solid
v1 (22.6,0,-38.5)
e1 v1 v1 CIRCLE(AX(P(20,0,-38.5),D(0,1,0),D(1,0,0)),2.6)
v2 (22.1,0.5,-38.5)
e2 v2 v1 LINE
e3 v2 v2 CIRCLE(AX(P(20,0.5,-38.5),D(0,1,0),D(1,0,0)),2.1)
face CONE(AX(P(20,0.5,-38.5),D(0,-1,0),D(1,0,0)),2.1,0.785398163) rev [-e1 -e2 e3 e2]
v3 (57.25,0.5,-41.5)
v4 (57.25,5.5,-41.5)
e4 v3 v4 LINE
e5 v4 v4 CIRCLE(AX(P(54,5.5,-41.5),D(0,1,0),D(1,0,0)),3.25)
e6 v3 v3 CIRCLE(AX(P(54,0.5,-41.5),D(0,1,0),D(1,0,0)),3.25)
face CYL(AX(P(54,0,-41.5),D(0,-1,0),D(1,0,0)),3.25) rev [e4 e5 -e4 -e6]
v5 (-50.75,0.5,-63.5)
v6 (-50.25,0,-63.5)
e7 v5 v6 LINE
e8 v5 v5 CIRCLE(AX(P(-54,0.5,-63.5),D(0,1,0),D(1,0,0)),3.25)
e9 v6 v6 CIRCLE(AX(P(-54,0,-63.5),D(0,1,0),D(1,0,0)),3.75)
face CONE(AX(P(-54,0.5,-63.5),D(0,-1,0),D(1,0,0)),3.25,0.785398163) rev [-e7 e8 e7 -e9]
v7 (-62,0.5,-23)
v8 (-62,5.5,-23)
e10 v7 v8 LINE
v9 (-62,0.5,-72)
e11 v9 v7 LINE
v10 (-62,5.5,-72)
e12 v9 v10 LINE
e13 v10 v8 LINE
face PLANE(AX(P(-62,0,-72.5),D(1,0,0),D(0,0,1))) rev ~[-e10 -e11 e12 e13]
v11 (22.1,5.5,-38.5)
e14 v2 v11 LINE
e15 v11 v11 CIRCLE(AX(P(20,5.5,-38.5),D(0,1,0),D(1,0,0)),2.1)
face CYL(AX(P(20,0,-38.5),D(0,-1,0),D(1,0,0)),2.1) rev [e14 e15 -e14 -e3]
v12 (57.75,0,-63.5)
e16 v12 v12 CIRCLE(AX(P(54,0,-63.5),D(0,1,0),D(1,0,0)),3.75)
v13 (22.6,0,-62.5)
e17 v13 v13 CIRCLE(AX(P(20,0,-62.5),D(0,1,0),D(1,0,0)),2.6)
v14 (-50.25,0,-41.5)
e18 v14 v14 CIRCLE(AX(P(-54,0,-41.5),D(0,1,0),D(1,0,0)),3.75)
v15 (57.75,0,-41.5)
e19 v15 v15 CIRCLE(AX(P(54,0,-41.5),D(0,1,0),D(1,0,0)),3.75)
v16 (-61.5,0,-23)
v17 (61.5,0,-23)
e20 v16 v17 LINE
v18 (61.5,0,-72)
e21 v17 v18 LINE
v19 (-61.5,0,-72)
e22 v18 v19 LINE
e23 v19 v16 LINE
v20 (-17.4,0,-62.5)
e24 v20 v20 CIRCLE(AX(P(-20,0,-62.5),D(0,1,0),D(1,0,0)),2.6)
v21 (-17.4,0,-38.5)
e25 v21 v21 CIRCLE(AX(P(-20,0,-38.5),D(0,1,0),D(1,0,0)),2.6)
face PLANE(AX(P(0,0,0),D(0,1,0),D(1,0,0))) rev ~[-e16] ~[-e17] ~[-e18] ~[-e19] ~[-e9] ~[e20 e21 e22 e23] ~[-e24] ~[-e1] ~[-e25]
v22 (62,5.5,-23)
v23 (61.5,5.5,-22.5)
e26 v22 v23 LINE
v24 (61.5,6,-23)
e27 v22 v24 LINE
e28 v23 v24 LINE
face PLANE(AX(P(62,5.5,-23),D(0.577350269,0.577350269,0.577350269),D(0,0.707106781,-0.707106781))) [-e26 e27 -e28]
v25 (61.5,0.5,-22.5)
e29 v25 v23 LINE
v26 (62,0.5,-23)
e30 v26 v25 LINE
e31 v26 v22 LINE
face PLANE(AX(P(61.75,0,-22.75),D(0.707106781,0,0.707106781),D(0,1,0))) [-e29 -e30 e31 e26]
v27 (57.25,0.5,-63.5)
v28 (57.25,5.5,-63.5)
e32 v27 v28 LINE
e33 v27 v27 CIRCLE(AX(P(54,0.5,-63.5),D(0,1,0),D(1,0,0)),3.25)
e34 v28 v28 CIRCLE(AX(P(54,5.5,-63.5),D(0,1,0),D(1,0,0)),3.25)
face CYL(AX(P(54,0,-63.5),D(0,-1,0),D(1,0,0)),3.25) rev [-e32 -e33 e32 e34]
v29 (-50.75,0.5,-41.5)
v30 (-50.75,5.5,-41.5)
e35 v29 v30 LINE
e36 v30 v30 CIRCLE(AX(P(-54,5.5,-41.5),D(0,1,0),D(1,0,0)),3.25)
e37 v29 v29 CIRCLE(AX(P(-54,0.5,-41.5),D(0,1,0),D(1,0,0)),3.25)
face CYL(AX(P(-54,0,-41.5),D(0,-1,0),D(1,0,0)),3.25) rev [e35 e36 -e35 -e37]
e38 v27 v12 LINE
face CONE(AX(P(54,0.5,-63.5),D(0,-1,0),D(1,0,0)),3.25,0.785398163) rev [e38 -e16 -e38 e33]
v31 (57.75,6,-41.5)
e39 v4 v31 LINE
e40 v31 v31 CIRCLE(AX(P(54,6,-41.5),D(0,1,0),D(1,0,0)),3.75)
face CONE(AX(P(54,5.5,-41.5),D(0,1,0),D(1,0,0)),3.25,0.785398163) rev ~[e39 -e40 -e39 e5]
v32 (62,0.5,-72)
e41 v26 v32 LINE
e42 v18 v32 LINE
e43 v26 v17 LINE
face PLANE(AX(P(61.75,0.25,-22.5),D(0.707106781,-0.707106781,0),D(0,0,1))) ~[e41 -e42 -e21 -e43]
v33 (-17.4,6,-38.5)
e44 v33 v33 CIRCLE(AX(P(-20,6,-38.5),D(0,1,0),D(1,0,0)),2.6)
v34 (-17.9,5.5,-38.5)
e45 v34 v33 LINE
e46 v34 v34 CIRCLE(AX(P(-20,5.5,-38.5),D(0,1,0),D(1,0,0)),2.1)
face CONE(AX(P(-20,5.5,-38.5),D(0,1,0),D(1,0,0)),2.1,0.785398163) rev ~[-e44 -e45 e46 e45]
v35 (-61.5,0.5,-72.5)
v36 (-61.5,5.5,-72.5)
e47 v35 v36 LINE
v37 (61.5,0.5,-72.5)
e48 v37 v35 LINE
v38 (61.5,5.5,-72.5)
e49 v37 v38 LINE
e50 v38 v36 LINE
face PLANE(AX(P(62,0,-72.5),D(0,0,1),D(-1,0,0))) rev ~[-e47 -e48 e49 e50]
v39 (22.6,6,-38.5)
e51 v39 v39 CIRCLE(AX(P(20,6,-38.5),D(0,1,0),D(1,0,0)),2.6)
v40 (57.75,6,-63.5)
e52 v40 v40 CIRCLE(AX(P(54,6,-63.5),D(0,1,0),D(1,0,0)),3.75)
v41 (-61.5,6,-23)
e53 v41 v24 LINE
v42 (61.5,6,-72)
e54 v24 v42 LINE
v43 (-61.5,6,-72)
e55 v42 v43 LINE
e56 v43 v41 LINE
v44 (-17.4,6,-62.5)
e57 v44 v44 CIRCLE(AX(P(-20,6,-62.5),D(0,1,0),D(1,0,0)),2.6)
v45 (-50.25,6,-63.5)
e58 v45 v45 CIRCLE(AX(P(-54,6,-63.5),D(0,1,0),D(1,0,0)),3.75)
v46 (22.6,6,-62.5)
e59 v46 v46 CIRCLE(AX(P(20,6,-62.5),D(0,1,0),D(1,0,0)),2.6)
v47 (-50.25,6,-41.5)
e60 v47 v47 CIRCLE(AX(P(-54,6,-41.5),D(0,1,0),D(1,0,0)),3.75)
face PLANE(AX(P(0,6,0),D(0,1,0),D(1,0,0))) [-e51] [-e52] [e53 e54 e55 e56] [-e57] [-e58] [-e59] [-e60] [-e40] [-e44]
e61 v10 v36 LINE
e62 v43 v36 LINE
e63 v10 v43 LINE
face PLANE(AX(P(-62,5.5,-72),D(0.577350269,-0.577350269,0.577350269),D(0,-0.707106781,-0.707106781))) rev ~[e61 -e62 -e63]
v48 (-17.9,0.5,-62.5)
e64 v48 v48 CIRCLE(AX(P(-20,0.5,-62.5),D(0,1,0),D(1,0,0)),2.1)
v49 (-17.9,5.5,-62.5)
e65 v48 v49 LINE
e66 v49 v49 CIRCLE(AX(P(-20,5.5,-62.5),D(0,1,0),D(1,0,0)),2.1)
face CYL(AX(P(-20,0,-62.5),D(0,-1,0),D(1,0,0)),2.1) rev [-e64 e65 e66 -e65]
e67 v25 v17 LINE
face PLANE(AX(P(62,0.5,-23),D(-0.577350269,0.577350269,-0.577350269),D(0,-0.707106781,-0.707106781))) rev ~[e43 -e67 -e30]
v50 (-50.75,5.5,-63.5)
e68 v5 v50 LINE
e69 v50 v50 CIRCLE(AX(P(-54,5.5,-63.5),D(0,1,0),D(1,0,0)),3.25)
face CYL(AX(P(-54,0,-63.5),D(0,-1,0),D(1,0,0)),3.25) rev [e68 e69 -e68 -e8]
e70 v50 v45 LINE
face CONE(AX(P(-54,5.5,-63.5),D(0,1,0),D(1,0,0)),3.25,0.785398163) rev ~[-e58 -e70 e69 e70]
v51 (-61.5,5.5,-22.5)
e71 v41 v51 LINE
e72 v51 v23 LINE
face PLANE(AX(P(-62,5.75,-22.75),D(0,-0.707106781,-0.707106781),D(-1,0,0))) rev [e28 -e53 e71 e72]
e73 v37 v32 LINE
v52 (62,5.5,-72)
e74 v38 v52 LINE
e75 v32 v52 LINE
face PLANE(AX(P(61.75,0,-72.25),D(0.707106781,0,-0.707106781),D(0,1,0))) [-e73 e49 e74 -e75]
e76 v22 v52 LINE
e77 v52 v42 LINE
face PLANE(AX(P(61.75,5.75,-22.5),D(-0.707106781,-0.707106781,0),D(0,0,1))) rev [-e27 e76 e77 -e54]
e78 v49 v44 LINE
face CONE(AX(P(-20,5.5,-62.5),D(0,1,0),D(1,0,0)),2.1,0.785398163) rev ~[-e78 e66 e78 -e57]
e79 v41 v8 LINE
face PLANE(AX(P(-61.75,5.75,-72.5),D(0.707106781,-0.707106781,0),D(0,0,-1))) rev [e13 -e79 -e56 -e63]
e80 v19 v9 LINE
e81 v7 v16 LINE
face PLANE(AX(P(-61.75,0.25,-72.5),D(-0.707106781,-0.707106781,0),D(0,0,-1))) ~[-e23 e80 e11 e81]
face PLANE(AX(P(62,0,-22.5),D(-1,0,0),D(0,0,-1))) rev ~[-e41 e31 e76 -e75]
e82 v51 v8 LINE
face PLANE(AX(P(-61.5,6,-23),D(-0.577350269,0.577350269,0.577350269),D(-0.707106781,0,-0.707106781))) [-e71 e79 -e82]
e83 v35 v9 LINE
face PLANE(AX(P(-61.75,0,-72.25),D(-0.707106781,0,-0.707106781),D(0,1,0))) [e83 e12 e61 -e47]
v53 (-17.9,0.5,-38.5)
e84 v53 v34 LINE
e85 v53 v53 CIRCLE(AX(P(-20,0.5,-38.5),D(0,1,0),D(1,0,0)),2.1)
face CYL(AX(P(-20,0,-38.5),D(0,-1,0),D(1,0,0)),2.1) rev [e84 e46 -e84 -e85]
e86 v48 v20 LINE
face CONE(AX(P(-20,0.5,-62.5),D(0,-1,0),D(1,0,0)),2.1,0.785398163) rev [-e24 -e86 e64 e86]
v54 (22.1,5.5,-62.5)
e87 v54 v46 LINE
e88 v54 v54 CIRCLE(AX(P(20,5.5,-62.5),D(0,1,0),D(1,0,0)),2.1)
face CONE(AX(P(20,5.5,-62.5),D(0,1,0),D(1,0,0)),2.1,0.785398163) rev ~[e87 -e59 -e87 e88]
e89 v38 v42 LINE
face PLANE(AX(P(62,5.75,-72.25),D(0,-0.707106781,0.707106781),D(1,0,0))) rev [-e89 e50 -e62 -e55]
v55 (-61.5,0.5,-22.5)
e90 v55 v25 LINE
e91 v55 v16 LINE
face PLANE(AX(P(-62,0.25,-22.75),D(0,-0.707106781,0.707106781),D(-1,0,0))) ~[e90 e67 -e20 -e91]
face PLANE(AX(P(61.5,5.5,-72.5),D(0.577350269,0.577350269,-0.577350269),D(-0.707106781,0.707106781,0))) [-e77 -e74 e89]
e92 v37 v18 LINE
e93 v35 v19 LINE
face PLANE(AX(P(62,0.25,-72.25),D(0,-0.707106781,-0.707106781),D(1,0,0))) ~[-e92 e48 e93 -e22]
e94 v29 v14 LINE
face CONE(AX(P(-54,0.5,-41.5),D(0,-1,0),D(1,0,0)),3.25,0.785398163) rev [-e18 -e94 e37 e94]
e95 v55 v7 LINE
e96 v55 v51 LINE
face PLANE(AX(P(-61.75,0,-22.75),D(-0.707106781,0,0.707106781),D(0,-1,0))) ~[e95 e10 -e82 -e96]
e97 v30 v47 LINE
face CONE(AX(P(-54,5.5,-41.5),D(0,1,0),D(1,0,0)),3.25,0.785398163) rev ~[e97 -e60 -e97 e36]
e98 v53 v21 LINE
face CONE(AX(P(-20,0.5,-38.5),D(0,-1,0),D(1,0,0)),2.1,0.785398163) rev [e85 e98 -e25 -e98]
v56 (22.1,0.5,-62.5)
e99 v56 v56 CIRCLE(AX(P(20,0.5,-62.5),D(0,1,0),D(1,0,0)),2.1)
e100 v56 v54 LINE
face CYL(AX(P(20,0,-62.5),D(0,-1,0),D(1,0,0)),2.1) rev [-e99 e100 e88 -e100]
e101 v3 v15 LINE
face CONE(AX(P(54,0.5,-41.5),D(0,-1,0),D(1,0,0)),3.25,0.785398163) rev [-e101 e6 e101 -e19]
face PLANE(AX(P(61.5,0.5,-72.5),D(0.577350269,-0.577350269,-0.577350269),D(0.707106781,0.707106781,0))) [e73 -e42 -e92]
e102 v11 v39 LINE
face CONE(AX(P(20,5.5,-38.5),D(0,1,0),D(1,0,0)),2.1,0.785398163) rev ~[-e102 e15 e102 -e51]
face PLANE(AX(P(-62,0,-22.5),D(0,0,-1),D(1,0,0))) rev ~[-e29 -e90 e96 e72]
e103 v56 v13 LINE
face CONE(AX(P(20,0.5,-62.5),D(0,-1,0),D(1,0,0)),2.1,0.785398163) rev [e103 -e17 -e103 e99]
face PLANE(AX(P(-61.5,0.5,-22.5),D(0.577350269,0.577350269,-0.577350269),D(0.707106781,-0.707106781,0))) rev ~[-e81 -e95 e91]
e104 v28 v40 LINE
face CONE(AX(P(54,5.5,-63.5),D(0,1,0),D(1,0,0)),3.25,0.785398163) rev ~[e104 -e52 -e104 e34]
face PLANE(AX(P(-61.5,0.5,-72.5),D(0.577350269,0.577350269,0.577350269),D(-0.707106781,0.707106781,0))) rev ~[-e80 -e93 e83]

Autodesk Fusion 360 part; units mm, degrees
sketch "Plate" plane through (0, 0, 0) normal (0, 1, 0) x (1, 0, 0)
  line L0 (-54, 41.5) -> (54, 41.5) construction
  circle A0 centre (-54, 41.5) radius 3.25
  circle A1 centre (-20, 62.5) radius 2.1
  circle A2 centre (-54, 63.5) radius 3.25
  circle A3 centre (-20, 38.5) radius 2.1
  line L1 (20, 62.5) -> (-20, 62.5) construction
  line L2 (-20, 38.5) -> (20, 38.5) construction
  line L3 (-20, 62.5) -> (-20, 38.5) construction
  line L4 (54, 41.5) -> (54, 63.5) construction
  line L5 (20, 38.5) -> (20, 62.5) construction
  line L6 (54, 63.5) -> (-54, 63.5) construction
  circle A4 centre (54, 63.5) radius 3.25
  circle A5 centre (20, 38.5) radius 2.1
  circle A6 centre (20, 62.5) radius 2.1
  circle A7 centre (54, 41.5) radius 3.25
  line L7 (-54, 63.5) -> (-54, 41.5) construction
  line L8 (-62, 22.5) -> (62, 22.5)
  line L9 (62, 22.5) -> (62, 72.5)
  line L10 (62, 72.5) -> (-62, 72.5)
  line L11 (-62, 72.5) -> (-62, 22.5)
  point P0 (-54.1427, 52.5)
  dimension "d1" = 108
  dimension "d2" = 22
  dimension "d3" = 6.5
  dimension "d4" = 6.5
  dimension "d5" = 6.5
  dimension "d6" = 6.5
  dimension "d7" = 40
  dimension "d8" = 24
  dimension "d9" = 3
  dimension "d10" = 4.2
  dimension "d11" = 4.2
  dimension "d12" = 4.2
  dimension "d13" = 4.2
  dimension "d14" = 124
  dimension "d15" = 50
  dimension "d16" = 8
  dimension "d17" = 7.5
  dimension "d18" = 10
extrude "Extrude1" add sketch "Plate" along normal blind 6 makes body 1
copy_body "Body->Comp1" bodies 1 removing the originals makes body 2 in component "Plate"
chamfer "Chamfer1" distance 0.5 angle 45 28 edges at (-62, 0, -47.5) (-62, 3, -22.5) (0, 0, -22.5) (0, 6, -22.5) (62, 3, -22.5) (62, 0, -47.5) (62, 6, -47.5) (0, 0, -72.5) (62, 3, -72.5) (0, 6, -72.5) (-62, 6, -47.5) (-62, 3, -72.5) (-57.0301, 6, -64.6753) (-57.0301, 6, -42.6753) (-21.9579, 6, -39.2594) (-21.9579, 6, -63.2594) (18.0421, 6, -39.2594) (18.0421, 6, -63.2594) (50.9699, 6, -42.6753) (50.9699, 6, -64.6753) (-57.0301, 0, -64.6753) (-57.0301, 0, -42.6753) (-21.9579, 0, -39.2594) (-21.9579, 0, -63.2594) (18.0421, 0, -39.2594) (18.0421, 0, -63.2594) (50.9699, 0, -42.6753) (50.9699, 0, -64.6753) on bodies 2 in component "Plate"
component "Plate" placed x (1, 0, 0) y (0, 1, 0) z (0, 0, 1) at (0, 0, 0)
